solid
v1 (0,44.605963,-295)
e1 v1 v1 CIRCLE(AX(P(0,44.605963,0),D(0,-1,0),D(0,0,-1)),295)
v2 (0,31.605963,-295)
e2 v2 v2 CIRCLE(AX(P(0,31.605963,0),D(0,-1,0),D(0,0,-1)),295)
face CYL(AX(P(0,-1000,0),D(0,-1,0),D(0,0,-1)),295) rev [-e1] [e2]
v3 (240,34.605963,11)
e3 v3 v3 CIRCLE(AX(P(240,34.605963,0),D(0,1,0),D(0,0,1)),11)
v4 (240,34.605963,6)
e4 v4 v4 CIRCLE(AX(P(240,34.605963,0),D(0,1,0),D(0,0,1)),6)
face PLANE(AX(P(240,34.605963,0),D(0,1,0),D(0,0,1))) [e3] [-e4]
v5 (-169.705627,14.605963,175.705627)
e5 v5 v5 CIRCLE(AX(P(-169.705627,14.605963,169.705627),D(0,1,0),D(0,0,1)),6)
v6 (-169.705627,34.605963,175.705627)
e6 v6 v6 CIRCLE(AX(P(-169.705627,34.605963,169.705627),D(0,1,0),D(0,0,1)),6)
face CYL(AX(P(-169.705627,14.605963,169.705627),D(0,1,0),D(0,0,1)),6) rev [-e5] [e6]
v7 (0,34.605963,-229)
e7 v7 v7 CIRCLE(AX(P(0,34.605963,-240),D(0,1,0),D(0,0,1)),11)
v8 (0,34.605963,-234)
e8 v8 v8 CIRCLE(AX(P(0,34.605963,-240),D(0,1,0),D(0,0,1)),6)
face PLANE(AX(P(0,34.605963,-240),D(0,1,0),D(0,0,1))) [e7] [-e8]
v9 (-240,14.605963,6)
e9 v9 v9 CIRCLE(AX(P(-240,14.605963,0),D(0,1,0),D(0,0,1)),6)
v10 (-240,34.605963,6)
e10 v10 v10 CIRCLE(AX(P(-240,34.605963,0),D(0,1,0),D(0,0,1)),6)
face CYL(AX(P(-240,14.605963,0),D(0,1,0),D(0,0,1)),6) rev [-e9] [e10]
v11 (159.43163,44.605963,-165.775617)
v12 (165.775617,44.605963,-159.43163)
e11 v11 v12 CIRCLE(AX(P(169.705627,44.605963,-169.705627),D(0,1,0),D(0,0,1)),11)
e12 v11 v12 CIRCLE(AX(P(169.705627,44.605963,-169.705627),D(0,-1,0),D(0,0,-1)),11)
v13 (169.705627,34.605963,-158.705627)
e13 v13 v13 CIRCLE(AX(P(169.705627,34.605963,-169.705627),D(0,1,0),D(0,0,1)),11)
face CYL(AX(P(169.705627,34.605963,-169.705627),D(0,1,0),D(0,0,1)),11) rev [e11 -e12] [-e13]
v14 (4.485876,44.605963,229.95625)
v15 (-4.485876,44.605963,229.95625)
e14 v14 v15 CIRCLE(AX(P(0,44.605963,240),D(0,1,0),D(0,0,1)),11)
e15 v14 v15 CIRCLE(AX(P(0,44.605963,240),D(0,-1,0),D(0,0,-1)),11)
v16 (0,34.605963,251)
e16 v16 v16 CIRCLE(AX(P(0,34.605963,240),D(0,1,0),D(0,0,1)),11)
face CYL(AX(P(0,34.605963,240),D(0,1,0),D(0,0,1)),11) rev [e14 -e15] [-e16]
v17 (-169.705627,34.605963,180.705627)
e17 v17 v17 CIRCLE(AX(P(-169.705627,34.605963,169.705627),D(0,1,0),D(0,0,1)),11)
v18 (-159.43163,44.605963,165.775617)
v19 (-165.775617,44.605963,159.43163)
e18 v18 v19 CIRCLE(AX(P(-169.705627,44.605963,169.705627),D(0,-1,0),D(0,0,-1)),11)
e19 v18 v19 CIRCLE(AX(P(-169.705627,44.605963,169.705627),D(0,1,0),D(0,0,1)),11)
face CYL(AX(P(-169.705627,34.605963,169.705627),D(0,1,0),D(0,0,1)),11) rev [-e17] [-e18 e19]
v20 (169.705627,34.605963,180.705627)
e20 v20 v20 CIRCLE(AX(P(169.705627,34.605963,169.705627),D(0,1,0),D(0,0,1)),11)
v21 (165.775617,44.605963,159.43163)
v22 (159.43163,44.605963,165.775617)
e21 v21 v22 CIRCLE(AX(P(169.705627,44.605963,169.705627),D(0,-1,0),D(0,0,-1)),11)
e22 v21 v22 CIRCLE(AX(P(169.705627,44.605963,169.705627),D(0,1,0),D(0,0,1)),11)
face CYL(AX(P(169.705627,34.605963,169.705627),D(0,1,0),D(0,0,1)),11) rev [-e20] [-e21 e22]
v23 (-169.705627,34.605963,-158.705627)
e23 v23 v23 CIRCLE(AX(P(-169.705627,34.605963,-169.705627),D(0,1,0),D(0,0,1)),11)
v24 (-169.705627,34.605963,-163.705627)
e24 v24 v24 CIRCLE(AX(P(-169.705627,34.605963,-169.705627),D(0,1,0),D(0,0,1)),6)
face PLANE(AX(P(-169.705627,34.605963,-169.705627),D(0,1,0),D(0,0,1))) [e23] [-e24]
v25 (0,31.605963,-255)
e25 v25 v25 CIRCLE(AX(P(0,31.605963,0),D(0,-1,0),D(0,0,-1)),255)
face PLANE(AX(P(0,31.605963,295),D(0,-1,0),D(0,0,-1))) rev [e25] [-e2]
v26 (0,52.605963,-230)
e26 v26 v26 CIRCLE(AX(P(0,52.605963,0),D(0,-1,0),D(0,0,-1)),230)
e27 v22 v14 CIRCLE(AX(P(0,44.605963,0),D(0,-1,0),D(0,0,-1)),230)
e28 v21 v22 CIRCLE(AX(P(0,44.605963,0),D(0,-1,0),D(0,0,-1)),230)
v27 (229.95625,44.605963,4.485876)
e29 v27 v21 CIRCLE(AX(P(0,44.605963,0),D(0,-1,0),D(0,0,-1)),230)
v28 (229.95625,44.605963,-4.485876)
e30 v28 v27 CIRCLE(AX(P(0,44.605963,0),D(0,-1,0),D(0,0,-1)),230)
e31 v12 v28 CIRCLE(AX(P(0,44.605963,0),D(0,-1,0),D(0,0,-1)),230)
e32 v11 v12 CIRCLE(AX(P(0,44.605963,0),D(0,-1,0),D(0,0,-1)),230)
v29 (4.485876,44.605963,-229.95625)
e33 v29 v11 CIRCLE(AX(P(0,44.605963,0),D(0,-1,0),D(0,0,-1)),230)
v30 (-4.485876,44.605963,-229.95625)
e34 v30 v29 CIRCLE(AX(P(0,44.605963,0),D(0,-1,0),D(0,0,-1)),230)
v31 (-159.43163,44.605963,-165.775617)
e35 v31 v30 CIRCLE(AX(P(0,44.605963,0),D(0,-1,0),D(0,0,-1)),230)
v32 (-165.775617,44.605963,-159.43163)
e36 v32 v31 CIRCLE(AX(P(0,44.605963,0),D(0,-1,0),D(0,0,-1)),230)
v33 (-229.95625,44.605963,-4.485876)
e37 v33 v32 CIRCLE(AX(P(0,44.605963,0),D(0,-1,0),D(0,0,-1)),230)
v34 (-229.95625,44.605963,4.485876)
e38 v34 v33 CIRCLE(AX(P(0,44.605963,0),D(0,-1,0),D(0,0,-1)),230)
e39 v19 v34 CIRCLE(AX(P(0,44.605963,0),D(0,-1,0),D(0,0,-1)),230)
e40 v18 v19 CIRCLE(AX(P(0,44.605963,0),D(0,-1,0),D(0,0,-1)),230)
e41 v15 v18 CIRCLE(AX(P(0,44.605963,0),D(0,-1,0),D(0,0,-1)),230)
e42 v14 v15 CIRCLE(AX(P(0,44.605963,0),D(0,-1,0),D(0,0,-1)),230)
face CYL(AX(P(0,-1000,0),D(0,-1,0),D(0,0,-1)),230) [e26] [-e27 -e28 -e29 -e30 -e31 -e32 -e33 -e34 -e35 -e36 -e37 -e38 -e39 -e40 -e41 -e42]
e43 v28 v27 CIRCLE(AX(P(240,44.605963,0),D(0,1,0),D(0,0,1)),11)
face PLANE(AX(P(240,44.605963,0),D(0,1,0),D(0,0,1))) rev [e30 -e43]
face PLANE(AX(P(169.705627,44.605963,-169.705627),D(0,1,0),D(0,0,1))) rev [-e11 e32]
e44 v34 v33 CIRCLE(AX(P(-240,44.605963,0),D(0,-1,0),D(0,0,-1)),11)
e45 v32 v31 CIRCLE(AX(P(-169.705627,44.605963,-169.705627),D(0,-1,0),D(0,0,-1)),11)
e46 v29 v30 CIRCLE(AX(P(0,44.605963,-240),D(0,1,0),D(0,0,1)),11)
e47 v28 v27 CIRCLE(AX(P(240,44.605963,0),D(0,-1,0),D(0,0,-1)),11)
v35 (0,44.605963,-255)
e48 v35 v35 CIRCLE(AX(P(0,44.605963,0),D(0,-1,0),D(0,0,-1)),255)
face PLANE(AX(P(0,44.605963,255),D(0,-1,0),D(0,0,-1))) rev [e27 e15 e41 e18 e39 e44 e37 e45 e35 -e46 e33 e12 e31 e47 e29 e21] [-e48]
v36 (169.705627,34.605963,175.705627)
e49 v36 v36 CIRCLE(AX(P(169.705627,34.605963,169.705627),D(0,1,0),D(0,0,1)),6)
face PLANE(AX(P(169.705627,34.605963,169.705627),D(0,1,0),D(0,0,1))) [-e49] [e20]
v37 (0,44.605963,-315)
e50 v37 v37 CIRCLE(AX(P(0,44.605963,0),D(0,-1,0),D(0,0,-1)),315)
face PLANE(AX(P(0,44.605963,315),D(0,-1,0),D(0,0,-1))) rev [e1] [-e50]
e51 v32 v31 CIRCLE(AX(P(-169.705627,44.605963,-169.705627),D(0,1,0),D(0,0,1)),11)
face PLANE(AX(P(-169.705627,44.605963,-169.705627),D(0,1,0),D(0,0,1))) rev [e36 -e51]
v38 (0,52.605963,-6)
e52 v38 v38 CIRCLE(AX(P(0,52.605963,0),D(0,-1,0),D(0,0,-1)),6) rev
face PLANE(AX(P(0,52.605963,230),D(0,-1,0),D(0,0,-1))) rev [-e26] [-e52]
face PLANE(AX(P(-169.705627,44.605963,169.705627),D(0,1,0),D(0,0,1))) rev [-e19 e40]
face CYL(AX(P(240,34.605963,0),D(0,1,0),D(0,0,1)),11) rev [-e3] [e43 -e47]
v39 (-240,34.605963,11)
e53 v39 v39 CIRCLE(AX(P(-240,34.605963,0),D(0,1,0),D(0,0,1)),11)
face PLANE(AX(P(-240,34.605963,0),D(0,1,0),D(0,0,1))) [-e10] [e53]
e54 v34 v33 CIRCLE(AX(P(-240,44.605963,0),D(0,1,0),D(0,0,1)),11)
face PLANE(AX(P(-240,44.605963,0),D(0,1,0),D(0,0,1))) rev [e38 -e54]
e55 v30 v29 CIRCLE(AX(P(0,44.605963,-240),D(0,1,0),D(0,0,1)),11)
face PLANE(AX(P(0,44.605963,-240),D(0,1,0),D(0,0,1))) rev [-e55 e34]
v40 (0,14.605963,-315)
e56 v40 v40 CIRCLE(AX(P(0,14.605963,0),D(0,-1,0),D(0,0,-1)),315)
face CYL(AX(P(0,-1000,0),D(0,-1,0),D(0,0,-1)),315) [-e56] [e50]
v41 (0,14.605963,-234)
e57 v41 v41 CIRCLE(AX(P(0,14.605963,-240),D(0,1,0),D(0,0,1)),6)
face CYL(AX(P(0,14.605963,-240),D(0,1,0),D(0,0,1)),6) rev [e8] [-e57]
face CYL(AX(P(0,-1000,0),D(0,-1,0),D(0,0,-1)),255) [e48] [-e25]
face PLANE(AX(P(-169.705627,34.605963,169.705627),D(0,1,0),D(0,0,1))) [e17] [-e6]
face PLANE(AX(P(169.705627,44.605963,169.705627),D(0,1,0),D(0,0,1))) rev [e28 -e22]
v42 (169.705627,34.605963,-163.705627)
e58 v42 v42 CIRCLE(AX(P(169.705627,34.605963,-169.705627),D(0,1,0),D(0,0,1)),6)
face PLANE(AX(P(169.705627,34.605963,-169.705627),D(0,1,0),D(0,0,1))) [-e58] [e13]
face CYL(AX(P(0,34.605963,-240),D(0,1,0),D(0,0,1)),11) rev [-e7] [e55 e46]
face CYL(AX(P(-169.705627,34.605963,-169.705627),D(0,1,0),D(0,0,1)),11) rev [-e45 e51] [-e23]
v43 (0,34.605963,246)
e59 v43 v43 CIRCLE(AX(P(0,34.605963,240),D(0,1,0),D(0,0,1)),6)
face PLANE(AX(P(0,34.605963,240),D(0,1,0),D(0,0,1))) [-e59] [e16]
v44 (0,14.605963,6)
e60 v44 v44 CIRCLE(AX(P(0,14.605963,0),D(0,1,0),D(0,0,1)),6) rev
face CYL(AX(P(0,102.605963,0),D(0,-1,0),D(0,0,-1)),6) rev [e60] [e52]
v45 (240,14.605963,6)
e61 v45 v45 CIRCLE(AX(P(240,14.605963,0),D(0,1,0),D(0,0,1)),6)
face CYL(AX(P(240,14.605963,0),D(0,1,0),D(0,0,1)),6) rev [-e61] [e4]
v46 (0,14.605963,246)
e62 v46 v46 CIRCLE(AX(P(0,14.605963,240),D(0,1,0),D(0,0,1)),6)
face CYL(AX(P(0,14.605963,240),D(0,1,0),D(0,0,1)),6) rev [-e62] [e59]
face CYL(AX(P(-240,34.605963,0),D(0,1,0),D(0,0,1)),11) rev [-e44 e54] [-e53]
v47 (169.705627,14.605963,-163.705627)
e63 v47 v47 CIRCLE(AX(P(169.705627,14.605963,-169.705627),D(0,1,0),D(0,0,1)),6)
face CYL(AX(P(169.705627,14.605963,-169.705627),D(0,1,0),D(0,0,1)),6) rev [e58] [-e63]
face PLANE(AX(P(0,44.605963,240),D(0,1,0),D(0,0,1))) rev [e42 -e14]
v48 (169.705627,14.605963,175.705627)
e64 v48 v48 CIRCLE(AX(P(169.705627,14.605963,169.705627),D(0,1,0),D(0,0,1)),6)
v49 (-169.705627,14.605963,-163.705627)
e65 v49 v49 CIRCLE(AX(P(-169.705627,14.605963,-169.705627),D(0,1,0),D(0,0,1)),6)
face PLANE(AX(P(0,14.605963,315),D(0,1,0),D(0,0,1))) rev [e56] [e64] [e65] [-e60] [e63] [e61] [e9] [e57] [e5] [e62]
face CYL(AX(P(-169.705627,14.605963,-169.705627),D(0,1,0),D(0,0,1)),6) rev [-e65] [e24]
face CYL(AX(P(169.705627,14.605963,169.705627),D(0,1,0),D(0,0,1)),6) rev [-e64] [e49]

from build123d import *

# Parameters (mm, degrees)
SKETCH2_R               = 11
CUT_EXTRUDE1_DEPTH      = 10
SKETCH3_R               = 6
CUT_EXTRUDE2_DEPTH      = 447.486281987
CUT_EXTRUDE3_DEPTH      = 88
CUT_EXTRUDE3_DEPTH_BACK = 69
SKETCH4_R               = 6


with BuildPart() as part:
    # Sketch1 → Revolve1 (revolve)
    with BuildSketch(Plane(origin=(0, 0, 0), x_dir=(0, 0, -1), z_dir=(1, 0, 0)), mode=Mode.PRIVATE) as revolve1_sk:
        Polygon((-315.000000002, 14.605962764), (-315.000000002, 44.605962764), (-295.000000002, 44.605962764), (-295.000000002, 31.605962764), (-255.000000002, 31.605962764), (-255.000000002, 44.605962764), (-230, 44.605962764), (-230, 52.605962764), (0, 52.605962764), (0, 44.605962764), (0, 14.605962764), (-229.500000002, 14.605962764), align=None)
    revolve(revolve1_sk.sketch.rotate(Axis((0, -1000, 0), (0, 1, 0)), 180), axis=Axis((0, -1000, 0), (0, 1, 0)))

    # Sketch2 → Cut-Extrude1 (cut)
    with BuildSketch(Plane(origin=(0, 44.605962764, 0), x_dir=(1, 0, 0), z_dir=(0, 1, 0))):
        with Locations(Location((0, 240, 0), (0, 0, 270))):
            Circle(SKETCH2_R)
        with Locations(Location((169.705627485, 169.705627485, 0), (0, 0, 270))):
            Circle(SKETCH2_R)
        with Locations(Location((240, 0, 0), (0, 0, 270))):
            Circle(SKETCH2_R)
        with Locations(Location((169.705627485, -169.705627485, 0), (0, 0, 270))):
            Circle(SKETCH2_R)
        with Locations(Location((0, -240, 0), (0, 0, 270))):
            Circle(SKETCH2_R)
        with Locations(Location((-169.705627485, -169.705627485, 0), (0, 0, 270))):
            Circle(SKETCH2_R)
        with Locations(Location((-240, 0, 0), (0, 0, 270))):
            Circle(SKETCH2_R)
        with Locations(Location((-169.705627485, 169.705627485, 0), (0, 0, 270))):
            Circle(SKETCH2_R)
    extrude(amount=-CUT_EXTRUDE1_DEPTH, mode=Mode.SUBTRACT)

    # Sketch3 → Cut-Extrude2 (cut, through all)
    with BuildSketch(Plane(origin=(0, 44.605962764, 0), x_dir=(1, 0, 0), z_dir=(0, 1, 0))):
        with Locations(Location((0, 240, 0), (0, 0, 270))):
            Circle(SKETCH3_R)
        with Locations(Location((169.705627485, 169.705627485, 0), (0, 0, 270))):
            Circle(SKETCH3_R)
        with Locations(Location((240, 0, 0), (0, 0, 270))):
            Circle(SKETCH3_R)
        with Locations(Location((169.705627485, -169.705627485, 0), (0, 0, 270))):
            Circle(SKETCH3_R)
        with Locations(Location((0, -240, 0), (0, 0, 270))):
            Circle(SKETCH3_R)
        with Locations(Location((-169.705627485, -169.705627485, 0), (0, 0, 270))):
            Circle(SKETCH3_R)
        with Locations(Location((-240, 0, 0), (0, 0, 270))):
            Circle(SKETCH3_R)
        with Locations(Location((-169.705627485, 169.705627485, 0), (0, 0, 270))):
            Circle(SKETCH3_R)
    extrude(amount=-CUT_EXTRUDE2_DEPTH, mode=Mode.SUBTRACT)

    # Sketch4 → Cut-Extrude3 (cut, two sides: drawn at the far end of the back side and taken through both)
    with BuildSketch(Plane(origin=(0, 14.605962764, 0), x_dir=(1, 0, 0), z_dir=(0, 1, 0)).offset(-CUT_EXTRUDE3_DEPTH_BACK)):
        with Locations(Location((0, 0, 0), (0, 0, 90))):
            Circle(SKETCH4_R)
    extrude(amount=CUT_EXTRUDE3_DEPTH + CUT_EXTRUDE3_DEPTH_BACK, mode=Mode.SUBTRACT)


solid = part.part
